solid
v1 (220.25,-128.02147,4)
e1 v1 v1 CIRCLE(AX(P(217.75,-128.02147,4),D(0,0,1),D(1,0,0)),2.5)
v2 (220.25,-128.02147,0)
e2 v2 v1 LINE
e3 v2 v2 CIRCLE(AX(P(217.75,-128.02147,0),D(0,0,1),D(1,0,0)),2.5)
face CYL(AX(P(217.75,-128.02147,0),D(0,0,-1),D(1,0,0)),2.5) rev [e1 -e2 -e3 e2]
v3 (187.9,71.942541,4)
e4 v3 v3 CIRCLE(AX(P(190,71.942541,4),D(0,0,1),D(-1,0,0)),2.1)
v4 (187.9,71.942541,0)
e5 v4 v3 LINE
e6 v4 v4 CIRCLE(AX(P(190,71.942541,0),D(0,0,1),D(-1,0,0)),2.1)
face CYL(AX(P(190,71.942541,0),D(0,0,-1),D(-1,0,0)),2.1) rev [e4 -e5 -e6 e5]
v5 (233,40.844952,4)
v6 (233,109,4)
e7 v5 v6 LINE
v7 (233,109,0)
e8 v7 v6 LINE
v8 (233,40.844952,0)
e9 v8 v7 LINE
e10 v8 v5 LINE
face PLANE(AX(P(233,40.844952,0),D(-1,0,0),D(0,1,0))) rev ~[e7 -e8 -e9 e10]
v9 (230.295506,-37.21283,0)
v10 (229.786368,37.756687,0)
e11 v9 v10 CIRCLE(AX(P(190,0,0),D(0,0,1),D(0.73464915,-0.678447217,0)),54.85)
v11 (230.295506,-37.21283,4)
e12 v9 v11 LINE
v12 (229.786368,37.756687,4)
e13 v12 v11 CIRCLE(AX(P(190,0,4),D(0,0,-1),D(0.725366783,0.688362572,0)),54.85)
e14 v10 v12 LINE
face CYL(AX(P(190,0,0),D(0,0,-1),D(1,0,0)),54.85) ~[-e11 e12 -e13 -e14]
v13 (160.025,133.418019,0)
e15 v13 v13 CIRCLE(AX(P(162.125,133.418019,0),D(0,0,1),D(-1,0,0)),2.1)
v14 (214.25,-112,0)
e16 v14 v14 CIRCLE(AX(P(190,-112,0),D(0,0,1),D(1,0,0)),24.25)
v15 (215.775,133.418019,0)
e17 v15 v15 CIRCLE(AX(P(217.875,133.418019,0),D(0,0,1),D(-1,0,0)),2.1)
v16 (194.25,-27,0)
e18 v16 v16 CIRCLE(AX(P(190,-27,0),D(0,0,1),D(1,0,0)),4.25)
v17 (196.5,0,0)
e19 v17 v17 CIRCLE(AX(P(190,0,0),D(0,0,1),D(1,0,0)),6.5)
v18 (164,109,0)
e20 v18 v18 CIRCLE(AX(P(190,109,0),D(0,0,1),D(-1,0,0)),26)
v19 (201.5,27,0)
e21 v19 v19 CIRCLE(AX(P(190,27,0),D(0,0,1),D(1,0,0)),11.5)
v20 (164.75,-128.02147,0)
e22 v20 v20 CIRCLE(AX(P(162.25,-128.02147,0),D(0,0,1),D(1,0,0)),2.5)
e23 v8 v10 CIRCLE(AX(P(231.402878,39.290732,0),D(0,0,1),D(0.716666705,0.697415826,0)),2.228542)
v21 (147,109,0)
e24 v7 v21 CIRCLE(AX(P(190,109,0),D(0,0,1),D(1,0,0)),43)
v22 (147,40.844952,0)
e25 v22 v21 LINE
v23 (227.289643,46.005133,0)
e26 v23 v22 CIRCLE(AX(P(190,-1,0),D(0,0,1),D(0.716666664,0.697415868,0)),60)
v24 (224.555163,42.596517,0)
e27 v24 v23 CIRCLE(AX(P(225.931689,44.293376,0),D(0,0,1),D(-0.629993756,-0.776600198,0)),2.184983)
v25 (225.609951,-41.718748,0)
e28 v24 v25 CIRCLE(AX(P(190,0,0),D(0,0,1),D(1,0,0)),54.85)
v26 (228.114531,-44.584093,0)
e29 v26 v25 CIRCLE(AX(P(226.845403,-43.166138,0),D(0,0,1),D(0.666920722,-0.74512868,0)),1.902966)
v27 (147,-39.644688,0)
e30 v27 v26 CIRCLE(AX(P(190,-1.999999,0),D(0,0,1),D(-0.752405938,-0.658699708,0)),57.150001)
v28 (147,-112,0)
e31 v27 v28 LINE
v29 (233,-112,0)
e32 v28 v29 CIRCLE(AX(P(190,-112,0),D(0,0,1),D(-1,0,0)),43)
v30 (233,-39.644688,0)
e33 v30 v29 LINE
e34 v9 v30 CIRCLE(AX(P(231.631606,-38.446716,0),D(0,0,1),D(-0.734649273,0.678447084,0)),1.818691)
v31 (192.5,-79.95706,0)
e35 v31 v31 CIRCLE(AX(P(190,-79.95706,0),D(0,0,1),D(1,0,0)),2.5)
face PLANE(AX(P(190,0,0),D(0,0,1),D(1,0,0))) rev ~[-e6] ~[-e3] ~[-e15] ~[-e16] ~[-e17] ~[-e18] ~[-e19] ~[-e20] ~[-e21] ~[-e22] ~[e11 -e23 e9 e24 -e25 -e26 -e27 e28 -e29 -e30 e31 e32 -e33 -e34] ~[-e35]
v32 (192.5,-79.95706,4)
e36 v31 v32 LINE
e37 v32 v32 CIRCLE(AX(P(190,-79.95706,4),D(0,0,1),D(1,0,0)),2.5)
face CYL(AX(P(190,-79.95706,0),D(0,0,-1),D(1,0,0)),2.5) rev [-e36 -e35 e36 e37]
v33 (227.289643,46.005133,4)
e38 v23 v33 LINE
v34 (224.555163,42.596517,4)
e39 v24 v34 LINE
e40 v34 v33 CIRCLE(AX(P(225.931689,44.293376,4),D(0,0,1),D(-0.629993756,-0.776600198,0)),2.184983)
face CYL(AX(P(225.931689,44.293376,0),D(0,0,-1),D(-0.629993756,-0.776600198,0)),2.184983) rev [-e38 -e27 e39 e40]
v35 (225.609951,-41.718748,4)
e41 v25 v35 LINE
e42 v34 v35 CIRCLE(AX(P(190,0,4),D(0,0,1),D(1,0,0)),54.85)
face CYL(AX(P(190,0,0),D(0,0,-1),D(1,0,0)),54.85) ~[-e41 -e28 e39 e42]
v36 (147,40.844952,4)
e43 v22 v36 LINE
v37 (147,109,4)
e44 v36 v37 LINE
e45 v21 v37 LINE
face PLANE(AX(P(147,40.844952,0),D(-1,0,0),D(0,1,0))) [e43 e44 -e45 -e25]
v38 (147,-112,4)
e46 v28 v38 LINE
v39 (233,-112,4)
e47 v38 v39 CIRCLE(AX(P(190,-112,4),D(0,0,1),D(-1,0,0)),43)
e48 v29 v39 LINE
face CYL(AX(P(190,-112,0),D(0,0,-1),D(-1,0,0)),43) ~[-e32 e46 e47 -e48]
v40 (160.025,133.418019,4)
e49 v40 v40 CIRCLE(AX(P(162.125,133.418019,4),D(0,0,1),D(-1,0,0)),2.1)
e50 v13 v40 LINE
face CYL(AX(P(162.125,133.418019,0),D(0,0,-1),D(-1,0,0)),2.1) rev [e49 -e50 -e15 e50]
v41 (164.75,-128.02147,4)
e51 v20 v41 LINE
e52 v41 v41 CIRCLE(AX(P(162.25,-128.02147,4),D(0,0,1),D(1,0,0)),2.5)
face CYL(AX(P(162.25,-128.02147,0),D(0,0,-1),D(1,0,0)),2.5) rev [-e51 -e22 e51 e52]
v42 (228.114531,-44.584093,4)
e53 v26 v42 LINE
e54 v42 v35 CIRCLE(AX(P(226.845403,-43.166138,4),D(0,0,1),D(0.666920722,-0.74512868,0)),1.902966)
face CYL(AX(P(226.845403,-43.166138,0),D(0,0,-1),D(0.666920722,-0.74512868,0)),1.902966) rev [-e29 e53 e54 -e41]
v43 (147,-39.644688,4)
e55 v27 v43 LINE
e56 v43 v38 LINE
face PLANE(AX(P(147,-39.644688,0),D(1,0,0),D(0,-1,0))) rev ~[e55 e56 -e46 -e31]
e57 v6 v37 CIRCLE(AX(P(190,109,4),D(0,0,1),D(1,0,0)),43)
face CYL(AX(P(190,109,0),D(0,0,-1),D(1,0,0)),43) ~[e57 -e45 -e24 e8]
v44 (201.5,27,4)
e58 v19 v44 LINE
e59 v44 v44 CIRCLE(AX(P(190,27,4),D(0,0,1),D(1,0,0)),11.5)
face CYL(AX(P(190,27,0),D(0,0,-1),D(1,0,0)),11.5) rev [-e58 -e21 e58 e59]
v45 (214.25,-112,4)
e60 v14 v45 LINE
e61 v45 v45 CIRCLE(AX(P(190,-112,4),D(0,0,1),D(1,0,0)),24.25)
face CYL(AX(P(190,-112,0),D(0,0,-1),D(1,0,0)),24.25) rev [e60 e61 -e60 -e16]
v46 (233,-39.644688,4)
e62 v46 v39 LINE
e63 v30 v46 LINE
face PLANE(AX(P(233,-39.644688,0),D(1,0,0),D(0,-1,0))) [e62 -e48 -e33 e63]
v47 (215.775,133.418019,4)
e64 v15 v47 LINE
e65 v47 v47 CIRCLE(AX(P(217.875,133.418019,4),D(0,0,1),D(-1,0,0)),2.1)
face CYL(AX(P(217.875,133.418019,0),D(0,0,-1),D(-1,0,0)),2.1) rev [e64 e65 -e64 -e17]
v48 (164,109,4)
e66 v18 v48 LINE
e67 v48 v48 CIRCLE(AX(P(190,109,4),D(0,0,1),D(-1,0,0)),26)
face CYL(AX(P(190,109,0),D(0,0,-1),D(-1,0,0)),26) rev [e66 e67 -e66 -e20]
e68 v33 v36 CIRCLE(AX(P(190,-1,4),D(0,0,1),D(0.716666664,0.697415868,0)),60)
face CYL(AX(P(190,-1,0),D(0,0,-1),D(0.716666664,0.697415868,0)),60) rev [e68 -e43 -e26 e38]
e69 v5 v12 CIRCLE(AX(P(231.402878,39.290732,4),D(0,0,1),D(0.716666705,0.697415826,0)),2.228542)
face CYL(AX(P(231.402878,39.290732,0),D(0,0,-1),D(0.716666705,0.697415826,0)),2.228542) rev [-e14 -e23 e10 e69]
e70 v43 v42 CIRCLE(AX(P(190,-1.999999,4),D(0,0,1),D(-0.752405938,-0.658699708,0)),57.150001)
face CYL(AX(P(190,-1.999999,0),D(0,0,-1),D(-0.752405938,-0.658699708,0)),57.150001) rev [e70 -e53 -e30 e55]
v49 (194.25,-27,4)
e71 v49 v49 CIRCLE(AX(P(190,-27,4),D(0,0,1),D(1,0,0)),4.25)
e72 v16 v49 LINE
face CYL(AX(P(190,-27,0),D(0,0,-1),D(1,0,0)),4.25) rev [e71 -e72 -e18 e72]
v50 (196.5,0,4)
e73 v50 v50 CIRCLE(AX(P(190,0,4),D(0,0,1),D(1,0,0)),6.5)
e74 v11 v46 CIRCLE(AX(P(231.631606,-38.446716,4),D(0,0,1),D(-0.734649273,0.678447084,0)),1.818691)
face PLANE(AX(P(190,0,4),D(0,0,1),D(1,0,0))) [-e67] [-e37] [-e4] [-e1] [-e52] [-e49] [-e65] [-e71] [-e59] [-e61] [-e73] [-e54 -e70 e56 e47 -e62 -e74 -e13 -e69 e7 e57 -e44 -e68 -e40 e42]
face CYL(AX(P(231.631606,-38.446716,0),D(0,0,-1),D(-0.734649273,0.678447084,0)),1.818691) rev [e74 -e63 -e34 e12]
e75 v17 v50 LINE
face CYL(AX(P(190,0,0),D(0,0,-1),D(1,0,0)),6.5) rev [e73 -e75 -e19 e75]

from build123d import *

# Parameters (mm, degrees)
SKETCH003_R                = 54.85
SKETCH003_R_2              = 11.5
SKETCH003_R_3              = 6.5
SKETCH003_R_4              = 4.25
EXTRUDE010_DEPTH           = 4
EXTRUDE011_DEPTH           = 4
SKETCH_R                   = 24.25
SKETCH_R_2                 = 2.5
EXTRUDE008_DEPTH           = 4
SKETCH001_R                = 26
SKETCH001_R_2              = 2.1
EXTRUDE007_DEPTH           = 4
EXTRUDE007_PLACEMENT_ANGLE = 180


with BuildPart() as cap001:
    # Sketch003 (on Face2 of Tube) → Extrude010 (new body)
    with BuildSketch(Plane.XY.offset(150)):
        Circle(SKETCH003_R)
        with Locations((0, 27)):
            Circle(SKETCH003_R_2, mode=Mode.SUBTRACT)
        Circle(SKETCH003_R_3, mode=Mode.SUBTRACT)
        with Locations((0, -27)):
            Circle(SKETCH003_R_4, mode=Mode.SUBTRACT)
    extrude(amount=EXTRUDE010_DEPTH)


with BuildPart() as cap001_1:
    # Extrude010 placement: moved
    add(cap001.part.moved(Location((190, 0, -150))))


with BuildPart() as fusion:
    # Sketch005 → Extrude011 (new body)
    with BuildSketch(Plane.XY):
        with BuildLine():
            ThreePointArc((233, 40.844952), (229.858715, 40.897579), (229.786368, 37.756687))
            ThreePointArc((229.786368, 37.756687), (227.249454, 40.261653), (224.555163, 42.596517))
            ThreePointArc((224.555163, 42.596517), (227.636022, 42.926115), (227.289643, 46.005133))
            ThreePointArc((233, 40.844952), (230.227647, 43.516698), (227.289643, 46.005133))
        make_face()
        with BuildLine():
            ThreePointArc((230.295506, -37.21283), (230.41557, -39.799082), (233, -39.644688))
            ThreePointArc((228.114531, -44.584093), (230.632391, -42.188696), (233, -39.644688))
            ThreePointArc((228.114531, -44.584093), (228.278175, -41.913762), (225.609951, -41.718748))
            ThreePointArc((225.609951, -41.718748), (228.01954, -39.535264), (230.295506, -37.21283))
        make_face()
    extrude(amount=EXTRUDE011_DEPTH)

    # Fusion: union Cap001
    add(cap001_1.part)


with BuildPart() as fusion001:
    # Sketch → Extrude008 (new body)
    with BuildSketch(Plane.XY):
        with BuildLine():
            ThreePointArc((-43, -37.644688), (0, -57.15), (43, -37.644688))
            Line((43, -37.644688), (43, -110))
            ThreePointArc((-43, -110), (0, -153), (43, -110))
            Line((-43, -37.644688), (-43, -110))
        make_face()
        with Locations((0, -110)):
            Circle(SKETCH_R, mode=Mode.SUBTRACT)
        with Locations((0, -77.95706)):
            Circle(SKETCH_R_2, mode=Mode.SUBTRACT)
        with Locations((-27.75, -126.02147)):
            Circle(SKETCH_R_2, mode=Mode.SUBTRACT)
        with Locations((27.75, -126.02147)):
            Circle(SKETCH_R_2, mode=Mode.SUBTRACT)
    extrude(amount=EXTRUDE008_DEPTH)


with BuildPart() as fusion001_1:
    # Extrude008 placement: moved
    add(fusion001.part.moved(Location((190, -2, 0))))

    # Fusion001: union Fusion
    add(fusion.part)


with BuildPart() as fusion002:
    # Sketch001 → Extrude007 (new body)
    with BuildSketch(Plane.XY):
        with BuildLine():
            ThreePointArc((-43, -41.844952), (0, -60), (43, -41.844952))
            Line((43, -41.844952), (43, -110))
            ThreePointArc((-43, -110), (0, -153), (43, -110))
            Line((-43, -41.844952), (-43, -110))
        make_face()
        with Locations((0, -110)):
            Circle(SKETCH001_R, mode=Mode.SUBTRACT)
        with Locations((0, -72.942541)):
            Circle(SKETCH001_R_2, mode=Mode.SUBTRACT)
        with Locations((27.875, -134.418019)):
            Circle(SKETCH001_R_2, mode=Mode.SUBTRACT)
        with Locations((-27.875, -134.418019)):
            Circle(SKETCH001_R_2, mode=Mode.SUBTRACT)
    extrude(amount=EXTRUDE007_DEPTH)


with BuildPart() as fusion002_1:
    # Extrude007 placement: moved
    add(fusion002.part.moved(Location((190, -1, 0))).rotate(Axis((190, -1, 0), (0, 0, 1)), EXTRUDE007_PLACEMENT_ANGLE))

    # Fusion002: union Fusion001
    add(fusion001_1.part)


solid = fusion002_1.part
